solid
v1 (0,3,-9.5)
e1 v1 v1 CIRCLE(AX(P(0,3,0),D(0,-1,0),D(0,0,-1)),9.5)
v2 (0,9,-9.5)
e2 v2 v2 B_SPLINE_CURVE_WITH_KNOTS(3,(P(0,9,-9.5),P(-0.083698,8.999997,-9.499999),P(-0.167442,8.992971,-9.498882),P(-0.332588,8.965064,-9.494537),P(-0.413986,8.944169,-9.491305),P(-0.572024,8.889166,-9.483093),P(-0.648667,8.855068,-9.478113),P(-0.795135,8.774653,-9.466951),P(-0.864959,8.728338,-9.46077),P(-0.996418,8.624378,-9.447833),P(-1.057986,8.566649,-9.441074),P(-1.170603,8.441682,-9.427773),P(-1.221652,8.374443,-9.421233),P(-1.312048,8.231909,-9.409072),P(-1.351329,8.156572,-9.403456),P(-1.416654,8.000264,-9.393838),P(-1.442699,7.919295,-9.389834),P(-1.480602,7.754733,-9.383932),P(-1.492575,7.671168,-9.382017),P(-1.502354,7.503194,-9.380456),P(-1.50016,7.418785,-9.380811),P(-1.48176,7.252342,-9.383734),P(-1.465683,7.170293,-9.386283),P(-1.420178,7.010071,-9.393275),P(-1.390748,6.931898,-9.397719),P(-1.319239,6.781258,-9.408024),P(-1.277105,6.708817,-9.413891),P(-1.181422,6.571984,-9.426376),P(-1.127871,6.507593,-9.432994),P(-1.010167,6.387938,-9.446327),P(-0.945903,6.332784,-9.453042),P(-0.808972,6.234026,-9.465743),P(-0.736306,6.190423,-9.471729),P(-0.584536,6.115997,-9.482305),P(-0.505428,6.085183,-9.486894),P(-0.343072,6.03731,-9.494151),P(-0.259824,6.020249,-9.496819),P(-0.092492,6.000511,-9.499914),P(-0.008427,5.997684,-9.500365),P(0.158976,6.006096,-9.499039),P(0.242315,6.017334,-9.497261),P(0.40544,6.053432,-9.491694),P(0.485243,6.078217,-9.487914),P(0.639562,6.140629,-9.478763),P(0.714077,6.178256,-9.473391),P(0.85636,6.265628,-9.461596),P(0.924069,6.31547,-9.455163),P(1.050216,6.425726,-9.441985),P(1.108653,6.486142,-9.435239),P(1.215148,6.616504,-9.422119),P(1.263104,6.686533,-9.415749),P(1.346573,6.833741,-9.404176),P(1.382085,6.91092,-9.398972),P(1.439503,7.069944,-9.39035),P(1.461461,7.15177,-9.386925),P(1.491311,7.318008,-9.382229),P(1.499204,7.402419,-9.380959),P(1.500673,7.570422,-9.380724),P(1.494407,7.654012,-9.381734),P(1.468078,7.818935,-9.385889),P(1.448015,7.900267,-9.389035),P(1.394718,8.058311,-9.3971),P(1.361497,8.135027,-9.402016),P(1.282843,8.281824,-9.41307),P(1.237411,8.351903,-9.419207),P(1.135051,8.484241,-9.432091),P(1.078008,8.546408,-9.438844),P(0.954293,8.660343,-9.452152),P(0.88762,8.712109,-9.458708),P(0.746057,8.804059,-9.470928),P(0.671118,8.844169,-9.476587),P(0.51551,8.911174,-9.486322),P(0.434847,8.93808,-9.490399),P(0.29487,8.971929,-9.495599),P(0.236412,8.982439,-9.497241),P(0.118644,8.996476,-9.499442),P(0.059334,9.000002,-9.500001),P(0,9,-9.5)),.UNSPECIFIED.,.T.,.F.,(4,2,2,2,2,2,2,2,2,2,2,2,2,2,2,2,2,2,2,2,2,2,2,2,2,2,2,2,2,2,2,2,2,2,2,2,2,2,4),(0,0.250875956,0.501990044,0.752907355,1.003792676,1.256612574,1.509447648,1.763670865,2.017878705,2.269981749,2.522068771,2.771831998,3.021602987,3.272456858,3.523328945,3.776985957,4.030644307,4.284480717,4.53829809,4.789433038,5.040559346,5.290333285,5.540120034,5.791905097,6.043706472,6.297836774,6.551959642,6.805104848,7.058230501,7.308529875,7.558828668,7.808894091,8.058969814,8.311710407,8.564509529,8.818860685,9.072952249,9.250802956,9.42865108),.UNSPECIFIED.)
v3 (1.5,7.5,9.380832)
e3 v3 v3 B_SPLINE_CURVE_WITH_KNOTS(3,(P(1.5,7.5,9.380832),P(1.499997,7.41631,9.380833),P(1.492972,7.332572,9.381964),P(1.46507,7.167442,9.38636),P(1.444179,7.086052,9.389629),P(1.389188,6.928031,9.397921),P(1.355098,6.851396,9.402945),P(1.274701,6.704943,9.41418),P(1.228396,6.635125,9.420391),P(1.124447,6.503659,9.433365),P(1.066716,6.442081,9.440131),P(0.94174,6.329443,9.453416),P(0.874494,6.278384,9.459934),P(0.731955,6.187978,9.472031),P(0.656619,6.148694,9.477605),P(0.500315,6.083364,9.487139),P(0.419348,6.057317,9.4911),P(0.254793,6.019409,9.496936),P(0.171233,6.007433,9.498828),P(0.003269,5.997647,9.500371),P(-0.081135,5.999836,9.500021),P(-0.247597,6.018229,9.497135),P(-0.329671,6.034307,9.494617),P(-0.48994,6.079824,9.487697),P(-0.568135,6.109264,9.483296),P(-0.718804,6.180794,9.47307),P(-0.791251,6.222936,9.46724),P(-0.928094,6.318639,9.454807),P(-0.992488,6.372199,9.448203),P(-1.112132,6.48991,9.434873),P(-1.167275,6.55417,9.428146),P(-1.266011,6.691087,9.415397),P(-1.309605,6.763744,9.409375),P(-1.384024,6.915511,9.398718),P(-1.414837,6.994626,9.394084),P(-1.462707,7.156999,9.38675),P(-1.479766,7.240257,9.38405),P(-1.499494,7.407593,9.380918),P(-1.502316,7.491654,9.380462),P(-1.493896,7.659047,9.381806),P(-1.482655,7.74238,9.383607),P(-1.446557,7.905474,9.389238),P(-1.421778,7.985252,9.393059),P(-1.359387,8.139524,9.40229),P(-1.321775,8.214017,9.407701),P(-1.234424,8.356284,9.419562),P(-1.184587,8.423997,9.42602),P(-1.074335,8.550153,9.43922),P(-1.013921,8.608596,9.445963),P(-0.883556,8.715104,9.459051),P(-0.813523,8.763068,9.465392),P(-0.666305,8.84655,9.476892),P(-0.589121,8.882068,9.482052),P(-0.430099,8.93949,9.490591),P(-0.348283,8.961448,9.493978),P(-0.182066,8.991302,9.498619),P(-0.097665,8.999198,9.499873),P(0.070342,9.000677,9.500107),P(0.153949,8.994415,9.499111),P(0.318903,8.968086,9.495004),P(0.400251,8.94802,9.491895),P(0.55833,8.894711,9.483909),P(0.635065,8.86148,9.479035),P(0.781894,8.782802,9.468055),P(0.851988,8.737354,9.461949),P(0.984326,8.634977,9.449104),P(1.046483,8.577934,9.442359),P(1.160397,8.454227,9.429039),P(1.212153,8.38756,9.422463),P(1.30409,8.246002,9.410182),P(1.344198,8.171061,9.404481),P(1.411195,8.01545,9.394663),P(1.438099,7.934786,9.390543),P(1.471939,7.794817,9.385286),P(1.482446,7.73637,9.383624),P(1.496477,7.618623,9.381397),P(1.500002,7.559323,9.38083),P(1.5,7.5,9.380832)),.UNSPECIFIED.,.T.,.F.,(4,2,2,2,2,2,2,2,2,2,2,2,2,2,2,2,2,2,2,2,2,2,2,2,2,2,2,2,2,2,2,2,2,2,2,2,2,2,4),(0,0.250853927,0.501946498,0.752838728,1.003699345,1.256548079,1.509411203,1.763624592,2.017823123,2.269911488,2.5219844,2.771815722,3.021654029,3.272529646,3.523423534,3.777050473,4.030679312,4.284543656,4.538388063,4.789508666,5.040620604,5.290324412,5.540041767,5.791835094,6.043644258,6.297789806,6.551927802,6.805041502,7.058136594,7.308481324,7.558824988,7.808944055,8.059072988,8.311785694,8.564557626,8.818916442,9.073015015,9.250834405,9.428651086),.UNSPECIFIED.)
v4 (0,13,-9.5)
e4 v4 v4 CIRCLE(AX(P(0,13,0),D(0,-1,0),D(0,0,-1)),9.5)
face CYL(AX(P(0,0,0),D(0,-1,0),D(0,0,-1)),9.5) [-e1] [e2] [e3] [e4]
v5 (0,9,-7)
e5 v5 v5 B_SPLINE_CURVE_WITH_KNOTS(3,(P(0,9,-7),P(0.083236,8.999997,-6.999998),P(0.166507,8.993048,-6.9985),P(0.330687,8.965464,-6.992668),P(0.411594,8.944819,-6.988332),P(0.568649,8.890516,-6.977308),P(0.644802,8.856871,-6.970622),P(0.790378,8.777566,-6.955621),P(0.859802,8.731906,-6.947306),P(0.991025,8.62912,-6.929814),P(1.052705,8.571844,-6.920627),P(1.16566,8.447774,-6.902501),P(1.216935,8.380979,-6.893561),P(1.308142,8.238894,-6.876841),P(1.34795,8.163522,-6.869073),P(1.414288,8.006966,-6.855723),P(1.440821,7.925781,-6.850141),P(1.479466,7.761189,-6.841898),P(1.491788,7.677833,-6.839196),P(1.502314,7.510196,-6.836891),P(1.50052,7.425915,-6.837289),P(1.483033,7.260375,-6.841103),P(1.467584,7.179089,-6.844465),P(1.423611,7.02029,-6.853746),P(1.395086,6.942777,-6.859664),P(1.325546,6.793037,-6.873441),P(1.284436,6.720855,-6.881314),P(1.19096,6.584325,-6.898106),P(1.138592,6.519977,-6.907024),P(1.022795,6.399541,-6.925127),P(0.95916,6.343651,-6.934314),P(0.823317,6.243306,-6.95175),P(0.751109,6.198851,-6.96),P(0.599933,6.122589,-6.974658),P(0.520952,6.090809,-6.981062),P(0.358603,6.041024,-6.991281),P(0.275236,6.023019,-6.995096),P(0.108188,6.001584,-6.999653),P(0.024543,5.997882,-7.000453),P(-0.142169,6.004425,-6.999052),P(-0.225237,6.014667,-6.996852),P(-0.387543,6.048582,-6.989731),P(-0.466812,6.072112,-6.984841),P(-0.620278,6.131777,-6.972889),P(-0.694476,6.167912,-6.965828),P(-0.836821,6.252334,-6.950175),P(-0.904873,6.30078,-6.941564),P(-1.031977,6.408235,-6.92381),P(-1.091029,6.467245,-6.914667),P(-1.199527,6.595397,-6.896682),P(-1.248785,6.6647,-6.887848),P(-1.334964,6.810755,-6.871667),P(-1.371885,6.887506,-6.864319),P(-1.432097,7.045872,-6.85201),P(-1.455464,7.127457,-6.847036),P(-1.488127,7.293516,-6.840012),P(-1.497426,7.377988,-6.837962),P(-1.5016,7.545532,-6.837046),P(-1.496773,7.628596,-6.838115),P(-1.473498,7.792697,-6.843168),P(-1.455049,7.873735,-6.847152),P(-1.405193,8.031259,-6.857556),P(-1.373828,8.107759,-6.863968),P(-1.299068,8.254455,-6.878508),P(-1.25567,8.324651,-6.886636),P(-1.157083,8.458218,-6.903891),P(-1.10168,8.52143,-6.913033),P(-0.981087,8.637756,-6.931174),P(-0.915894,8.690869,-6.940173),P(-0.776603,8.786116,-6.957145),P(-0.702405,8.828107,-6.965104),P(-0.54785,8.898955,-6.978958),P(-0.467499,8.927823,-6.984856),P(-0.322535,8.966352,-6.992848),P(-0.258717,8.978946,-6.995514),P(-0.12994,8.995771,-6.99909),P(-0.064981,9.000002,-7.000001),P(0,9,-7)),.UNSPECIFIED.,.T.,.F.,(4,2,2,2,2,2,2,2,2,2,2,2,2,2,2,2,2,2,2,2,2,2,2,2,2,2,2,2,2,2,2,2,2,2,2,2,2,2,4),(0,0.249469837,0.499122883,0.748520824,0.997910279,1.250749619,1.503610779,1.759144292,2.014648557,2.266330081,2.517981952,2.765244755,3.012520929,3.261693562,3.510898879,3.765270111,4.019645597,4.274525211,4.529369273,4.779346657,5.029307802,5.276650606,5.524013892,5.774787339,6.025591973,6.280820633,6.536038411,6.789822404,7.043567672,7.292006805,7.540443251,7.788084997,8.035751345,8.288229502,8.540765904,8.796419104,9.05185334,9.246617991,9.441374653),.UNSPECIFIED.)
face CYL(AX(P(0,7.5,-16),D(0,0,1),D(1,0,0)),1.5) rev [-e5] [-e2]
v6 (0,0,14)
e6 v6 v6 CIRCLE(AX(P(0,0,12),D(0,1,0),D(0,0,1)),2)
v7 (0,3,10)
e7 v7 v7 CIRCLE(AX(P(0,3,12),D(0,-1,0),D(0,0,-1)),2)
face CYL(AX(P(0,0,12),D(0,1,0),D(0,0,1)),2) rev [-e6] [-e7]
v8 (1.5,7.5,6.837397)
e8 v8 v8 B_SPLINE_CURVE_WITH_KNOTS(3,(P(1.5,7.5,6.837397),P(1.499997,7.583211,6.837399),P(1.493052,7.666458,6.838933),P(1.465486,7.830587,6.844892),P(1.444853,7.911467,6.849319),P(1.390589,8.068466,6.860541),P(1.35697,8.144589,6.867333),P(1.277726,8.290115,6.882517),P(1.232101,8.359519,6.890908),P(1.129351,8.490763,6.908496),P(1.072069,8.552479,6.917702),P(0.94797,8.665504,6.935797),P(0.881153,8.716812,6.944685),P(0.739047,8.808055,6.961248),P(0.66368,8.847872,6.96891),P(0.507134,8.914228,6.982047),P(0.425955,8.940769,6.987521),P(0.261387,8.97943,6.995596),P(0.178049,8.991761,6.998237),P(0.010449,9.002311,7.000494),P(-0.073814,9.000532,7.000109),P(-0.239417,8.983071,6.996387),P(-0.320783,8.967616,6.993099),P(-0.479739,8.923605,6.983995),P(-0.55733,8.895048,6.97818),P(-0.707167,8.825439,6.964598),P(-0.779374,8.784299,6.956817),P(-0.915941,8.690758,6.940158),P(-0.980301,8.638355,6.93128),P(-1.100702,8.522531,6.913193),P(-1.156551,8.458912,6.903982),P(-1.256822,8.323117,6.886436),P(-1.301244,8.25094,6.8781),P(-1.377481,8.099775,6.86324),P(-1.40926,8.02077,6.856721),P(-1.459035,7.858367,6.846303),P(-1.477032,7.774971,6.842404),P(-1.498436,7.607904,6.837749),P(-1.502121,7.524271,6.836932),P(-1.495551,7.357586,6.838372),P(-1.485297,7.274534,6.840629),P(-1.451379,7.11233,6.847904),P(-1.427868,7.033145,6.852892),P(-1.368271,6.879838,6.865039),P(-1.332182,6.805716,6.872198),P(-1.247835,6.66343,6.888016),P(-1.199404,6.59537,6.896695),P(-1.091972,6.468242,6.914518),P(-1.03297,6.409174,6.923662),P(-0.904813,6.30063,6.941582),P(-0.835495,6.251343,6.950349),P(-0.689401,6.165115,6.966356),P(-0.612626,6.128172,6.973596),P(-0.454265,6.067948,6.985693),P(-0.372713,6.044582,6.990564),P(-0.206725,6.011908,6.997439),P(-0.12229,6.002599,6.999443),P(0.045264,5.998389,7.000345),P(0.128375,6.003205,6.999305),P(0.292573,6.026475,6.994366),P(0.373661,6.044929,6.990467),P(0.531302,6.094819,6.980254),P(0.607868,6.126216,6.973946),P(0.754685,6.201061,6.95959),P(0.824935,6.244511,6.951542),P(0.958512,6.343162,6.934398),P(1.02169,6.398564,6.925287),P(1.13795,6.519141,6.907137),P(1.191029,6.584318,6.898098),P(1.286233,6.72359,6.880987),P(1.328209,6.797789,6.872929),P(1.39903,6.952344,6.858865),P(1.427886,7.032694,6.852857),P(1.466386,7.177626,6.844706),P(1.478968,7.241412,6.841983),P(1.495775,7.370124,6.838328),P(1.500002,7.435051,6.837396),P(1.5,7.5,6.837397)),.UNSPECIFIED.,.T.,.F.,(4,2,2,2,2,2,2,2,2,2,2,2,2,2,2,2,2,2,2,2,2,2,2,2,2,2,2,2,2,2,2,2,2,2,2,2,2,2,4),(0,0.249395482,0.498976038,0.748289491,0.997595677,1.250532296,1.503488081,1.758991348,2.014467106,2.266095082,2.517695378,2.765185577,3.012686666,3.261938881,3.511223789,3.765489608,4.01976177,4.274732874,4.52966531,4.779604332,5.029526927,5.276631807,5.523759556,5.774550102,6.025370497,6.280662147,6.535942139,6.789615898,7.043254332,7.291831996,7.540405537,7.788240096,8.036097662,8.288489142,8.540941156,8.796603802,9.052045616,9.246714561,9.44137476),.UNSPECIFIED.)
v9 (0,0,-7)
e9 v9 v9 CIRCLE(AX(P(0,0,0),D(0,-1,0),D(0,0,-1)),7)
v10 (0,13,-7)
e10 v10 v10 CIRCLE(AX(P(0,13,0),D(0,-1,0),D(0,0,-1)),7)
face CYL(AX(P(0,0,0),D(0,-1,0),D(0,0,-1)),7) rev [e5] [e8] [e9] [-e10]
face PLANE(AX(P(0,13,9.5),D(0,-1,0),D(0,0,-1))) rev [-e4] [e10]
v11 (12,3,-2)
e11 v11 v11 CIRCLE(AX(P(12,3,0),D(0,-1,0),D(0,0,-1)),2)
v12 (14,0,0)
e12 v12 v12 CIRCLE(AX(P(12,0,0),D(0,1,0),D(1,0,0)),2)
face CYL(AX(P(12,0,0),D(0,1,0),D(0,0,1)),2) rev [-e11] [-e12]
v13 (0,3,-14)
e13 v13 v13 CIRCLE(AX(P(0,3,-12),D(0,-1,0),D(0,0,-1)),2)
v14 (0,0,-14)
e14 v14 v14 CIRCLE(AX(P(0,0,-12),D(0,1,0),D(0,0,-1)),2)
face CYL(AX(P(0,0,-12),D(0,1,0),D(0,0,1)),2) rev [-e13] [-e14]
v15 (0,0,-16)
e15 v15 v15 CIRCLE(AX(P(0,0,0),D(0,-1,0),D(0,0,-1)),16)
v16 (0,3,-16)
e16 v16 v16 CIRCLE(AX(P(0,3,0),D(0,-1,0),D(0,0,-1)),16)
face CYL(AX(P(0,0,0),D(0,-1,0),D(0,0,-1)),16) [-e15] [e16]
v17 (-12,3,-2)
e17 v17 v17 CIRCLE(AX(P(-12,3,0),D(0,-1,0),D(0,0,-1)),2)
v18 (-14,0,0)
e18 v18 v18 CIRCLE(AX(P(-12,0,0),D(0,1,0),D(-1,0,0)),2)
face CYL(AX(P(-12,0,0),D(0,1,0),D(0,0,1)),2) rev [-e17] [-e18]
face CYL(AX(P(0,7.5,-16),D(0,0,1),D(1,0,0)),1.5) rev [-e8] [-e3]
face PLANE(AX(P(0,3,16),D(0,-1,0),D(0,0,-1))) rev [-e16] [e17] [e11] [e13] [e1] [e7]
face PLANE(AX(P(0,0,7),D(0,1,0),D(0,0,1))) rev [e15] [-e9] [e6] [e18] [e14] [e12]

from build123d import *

# Parameters (mm, degrees)
CUT_EXTRUDE1_DEPTH      = 27.095976701
CUT_EXTRUDE1_DEPTH_BACK = 27.095976701
SKETCH2_R               = 1.5
SKETCH3_R               = 2
CUT_EXTRUDE2_DEPTH      = 25.738633794
CIRPATTERN1_COUNT       = 4


with BuildPart() as part:
    # Sketch1 → Revolve1 (revolve)
    with BuildSketch(Plane(origin=(0, 0, 0), x_dir=(0, 0, -1), z_dir=(1, 0, 0)), mode=Mode.PRIVATE) as revolve1_sk:
        Polygon((-7, 0), (-16, 0), (-16, 3), (-9.5, 3), (-9.5, 13), (-7, 13), align=None)
    revolve(revolve1_sk.sketch.rotate(Axis((0, 0, 0), (0, 1, 0)), 180), axis=Axis((0, 0, 0), (0, 1, 0)))

    # Sketch2 → Cut-Extrude1 (cut, two sides: drawn at the far end of the back side and taken through both)
    with BuildSketch(Plane.XY.offset(-CUT_EXTRUDE1_DEPTH_BACK)):
        with Locations((0, 7.5)):
            Circle(SKETCH2_R)
    extrude(amount=CUT_EXTRUDE1_DEPTH + CUT_EXTRUDE1_DEPTH_BACK, mode=Mode.SUBTRACT)

    # Sketch3 → Cut-Extrude2 (cut, symmetric)
    with BuildSketch(Plane(origin=(0, 3, 0), x_dir=(1, 0, 0), z_dir=(0, 1, 0))):
        with Locations(Location((0, -12, 0), (0, 0, 270))):
            Circle(SKETCH3_R)
    cut_extrude2 = extrude(amount=CUT_EXTRUDE2_DEPTH, both=True, mode=Mode.SUBTRACT)

    # CirPattern1: Cut-Extrude2 ×4 about axis
    cirpattern1_axis = Axis((0, 0, 0), (0, 1, 0))
    for i in range(1, CIRPATTERN1_COUNT):
        add(cut_extrude2.rotate(cirpattern1_axis, i * 360 / CIRPATTERN1_COUNT), mode=Mode.SUBTRACT)


solid = part.part
